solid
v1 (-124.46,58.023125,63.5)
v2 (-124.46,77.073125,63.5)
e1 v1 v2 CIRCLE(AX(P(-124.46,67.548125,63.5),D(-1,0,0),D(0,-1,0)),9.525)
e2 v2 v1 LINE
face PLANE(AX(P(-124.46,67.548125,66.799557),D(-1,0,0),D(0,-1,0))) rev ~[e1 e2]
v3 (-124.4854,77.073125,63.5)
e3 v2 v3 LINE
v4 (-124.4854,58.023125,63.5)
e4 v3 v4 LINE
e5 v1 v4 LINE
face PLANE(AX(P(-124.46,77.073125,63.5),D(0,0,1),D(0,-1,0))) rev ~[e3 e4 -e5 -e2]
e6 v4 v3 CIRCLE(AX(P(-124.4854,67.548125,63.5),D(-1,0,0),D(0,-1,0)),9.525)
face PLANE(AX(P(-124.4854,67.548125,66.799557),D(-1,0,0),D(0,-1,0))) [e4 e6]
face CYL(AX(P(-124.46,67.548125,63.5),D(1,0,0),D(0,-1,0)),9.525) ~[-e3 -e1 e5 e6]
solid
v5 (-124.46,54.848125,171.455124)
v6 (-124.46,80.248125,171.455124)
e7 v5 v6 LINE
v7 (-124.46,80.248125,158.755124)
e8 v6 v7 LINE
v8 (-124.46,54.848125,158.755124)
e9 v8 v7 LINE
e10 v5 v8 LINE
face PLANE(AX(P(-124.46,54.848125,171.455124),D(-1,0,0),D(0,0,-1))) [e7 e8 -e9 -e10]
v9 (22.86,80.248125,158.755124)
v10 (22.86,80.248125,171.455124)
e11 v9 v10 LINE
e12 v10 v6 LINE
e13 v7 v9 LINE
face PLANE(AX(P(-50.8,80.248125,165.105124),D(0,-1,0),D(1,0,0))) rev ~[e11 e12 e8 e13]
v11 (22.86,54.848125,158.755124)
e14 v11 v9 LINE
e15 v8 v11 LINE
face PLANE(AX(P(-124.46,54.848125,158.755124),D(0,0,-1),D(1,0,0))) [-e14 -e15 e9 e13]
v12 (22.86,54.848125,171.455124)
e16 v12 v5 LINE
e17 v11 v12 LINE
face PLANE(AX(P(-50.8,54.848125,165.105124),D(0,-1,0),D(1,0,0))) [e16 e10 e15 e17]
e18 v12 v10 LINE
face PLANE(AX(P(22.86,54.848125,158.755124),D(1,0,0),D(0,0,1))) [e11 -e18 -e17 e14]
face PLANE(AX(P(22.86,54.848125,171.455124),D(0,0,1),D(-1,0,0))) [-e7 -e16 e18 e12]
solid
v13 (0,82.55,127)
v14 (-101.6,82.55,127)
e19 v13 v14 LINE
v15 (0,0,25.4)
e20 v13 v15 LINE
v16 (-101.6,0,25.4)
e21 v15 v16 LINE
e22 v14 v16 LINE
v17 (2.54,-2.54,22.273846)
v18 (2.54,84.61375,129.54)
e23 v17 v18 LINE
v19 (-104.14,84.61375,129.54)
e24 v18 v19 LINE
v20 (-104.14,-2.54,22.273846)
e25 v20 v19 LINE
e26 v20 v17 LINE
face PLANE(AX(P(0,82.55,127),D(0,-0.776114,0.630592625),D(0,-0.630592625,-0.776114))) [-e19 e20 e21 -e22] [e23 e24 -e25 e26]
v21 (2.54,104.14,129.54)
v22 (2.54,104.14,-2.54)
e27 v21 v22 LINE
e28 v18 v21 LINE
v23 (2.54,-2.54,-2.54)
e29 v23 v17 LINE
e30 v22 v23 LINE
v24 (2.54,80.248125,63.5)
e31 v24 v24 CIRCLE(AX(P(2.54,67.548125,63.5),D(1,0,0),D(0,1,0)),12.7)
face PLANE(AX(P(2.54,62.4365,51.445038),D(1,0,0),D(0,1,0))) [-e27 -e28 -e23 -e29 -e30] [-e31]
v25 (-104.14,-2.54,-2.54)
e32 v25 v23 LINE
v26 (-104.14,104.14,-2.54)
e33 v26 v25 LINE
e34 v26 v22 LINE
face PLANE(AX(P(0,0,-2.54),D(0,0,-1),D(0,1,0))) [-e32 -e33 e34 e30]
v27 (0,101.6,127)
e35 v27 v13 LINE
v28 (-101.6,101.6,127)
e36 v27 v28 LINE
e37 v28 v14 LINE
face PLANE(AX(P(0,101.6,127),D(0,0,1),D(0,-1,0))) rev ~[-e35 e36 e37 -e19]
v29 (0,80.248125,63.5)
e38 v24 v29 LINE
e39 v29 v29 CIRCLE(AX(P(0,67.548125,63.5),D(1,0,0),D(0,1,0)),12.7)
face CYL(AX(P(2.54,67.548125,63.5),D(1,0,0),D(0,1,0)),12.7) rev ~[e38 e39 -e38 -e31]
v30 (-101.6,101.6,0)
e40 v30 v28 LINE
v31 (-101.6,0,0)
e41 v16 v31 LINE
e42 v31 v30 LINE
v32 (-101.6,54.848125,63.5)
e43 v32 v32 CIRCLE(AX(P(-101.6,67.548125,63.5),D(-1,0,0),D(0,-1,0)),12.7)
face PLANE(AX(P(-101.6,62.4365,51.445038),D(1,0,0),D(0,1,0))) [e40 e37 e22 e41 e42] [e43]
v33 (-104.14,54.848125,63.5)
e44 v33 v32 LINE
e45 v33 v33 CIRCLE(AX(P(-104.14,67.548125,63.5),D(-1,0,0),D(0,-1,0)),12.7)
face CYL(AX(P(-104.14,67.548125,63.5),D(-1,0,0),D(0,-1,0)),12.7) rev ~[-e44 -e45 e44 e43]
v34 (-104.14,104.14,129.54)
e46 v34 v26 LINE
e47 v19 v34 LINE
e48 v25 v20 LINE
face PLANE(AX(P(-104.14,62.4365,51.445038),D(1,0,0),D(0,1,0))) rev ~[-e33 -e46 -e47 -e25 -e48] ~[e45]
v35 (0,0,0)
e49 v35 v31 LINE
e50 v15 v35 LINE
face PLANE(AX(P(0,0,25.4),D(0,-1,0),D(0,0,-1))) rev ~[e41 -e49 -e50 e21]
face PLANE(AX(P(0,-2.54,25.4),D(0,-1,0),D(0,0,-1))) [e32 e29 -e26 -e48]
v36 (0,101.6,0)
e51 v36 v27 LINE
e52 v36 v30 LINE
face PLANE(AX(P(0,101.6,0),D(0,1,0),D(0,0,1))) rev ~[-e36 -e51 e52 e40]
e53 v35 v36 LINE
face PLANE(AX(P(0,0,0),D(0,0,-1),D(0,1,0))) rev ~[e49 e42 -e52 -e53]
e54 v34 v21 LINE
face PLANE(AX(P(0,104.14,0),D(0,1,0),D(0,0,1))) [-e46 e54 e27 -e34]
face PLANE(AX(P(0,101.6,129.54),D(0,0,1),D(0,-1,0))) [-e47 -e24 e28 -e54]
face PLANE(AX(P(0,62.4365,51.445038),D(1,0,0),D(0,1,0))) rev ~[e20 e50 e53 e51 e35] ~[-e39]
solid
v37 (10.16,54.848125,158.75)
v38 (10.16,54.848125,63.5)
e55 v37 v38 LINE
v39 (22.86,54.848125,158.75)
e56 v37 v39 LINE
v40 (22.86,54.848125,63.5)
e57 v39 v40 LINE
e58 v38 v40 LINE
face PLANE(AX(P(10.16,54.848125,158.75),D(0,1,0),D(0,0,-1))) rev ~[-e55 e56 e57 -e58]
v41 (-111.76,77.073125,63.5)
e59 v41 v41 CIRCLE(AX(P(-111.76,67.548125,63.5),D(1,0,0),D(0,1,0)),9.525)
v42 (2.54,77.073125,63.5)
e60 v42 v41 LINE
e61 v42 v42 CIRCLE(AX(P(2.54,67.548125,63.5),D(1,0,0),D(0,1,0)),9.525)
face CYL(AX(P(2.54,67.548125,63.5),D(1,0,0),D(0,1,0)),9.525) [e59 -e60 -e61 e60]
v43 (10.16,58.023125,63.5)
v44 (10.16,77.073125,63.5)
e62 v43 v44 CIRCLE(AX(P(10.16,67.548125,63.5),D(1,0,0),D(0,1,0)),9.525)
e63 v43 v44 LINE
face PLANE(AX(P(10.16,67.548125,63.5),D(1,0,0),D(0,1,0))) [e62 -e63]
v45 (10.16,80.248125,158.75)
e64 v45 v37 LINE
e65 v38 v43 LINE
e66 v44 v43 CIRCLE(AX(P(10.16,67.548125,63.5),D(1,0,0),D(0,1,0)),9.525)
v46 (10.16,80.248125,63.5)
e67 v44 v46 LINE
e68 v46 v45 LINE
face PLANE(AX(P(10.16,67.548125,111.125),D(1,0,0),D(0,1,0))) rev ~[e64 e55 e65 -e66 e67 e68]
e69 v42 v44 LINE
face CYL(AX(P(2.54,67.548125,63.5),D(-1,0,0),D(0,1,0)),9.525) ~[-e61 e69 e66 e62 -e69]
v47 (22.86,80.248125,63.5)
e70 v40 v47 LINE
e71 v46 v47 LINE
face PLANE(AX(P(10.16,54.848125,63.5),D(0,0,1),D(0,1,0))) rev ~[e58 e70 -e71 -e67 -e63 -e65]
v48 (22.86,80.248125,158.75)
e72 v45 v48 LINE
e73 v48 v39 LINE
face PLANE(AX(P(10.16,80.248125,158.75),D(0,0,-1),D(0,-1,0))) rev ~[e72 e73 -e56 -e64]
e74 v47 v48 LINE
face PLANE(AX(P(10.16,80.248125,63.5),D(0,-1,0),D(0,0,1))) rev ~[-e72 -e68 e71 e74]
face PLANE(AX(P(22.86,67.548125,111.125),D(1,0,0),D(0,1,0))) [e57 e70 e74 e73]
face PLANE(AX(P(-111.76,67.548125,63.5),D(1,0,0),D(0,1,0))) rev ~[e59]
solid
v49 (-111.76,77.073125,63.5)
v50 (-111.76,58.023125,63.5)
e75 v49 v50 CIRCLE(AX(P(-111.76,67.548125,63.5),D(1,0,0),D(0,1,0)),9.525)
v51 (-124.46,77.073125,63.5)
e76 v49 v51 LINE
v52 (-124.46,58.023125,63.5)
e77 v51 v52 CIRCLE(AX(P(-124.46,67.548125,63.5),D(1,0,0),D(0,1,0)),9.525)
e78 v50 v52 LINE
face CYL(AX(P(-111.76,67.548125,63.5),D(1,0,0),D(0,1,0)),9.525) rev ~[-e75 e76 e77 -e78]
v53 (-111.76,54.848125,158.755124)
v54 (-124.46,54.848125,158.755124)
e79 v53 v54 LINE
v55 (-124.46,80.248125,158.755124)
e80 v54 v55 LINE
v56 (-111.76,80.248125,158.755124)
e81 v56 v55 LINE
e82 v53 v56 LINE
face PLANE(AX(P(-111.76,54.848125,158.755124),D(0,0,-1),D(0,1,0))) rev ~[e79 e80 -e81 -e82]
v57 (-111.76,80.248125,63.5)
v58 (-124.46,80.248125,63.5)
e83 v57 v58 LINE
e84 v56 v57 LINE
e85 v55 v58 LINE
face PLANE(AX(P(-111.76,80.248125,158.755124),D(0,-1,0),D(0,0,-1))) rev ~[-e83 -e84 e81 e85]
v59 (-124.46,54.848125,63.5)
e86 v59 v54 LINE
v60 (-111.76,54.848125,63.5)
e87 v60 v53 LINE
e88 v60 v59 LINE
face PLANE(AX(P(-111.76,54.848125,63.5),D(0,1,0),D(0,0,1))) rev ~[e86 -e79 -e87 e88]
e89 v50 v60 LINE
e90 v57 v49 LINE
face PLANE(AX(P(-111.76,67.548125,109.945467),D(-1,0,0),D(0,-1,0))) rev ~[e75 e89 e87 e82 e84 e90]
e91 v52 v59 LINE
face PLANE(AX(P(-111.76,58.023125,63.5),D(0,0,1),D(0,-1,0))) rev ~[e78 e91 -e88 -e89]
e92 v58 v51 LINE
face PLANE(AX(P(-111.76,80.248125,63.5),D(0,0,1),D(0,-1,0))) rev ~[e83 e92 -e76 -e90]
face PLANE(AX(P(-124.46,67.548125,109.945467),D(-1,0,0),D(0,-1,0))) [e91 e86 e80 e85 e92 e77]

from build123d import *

# Parameters (mm, degrees)
F1_DEPTH  = 101.6
F2_T      = 2.54
F3_R      = 12.7
F4_DEPTH  = 101.6
F5_R      = 12.7
F6_DEPTH  = 101.6
F7_R      = 9.525
F8_DEPTH  = 114.3
F9_DEPTH  = 7.62
F11_DEPTH = 12.7
F13_DEPTH = 12.7
F15_DEPTH = 0.0254
F17_DEPTH = 25.4


with BuildPart() as f1:
    # F0 (on Right) → F1 (new body)
    with BuildSketch(Plane.YZ):
        Polygon((0, 25.4), (0, 0), (101.6, 0), (101.6, 127), (82.55, 127), align=None)
    extrude(amount=-F1_DEPTH)

    # F2
    f2_openings = [f1.faces().sort_by_distance(p)[0] for p in [
        (-50.8, 41.275, 76.2),
    ]]
    offset(amount=F2_T, openings=f2_openings, kind=Kind.INTERSECTION)

    # F3 (on face) → F4 (cut)
    with BuildSketch(Plane.YZ.offset(2.54)):
        with Locations((67.548125, 63.5)):
            Circle(F3_R)
    extrude(amount=-F4_DEPTH, mode=Mode.SUBTRACT)

    # F5 (on face) → F6 (cut)
    with BuildSketch(Plane(origin=(-104.14, 0, 0), x_dir=(0, -1, 0), z_dir=(-1, 0, 0))):
        with Locations((-67.548125, 63.5)):
            Circle(F5_R)
    extrude(amount=-F6_DEPTH, mode=Mode.SUBTRACT)


with BuildPart() as f8:
    # F7 (on face) → F8 (new body)
    with BuildSketch(Plane.YZ.offset(2.54)):
        with Locations((67.548125, 63.5)):
            Circle(F7_R)
    extrude(amount=-F8_DEPTH)

    # F9 (add): a face of the model
    f9_faces = [f8.faces().sort_by_distance(p)[0] for p in [
        (2.54, 67.548125, 63.5),
    ]]
    extrude(f9_faces, amount=F9_DEPTH)

    # F10 (on face) → F11 (join)
    with BuildSketch(Plane.YZ.offset(10.16)):
        Polygon((54.848125, 63.5), (67.548125, 63.5), (80.248125, 63.5), (80.248125, 158.75), (54.848125, 158.75), align=None)
    extrude(amount=F11_DEPTH)


with BuildPart() as f13:
    # F12 (on face) → F13 (new body)
    with BuildSketch(Plane(origin=(-111.76, 0, 0), x_dir=(0, -1, 0), z_dir=(-1, 0, 0))):
        with BuildLine():
            Line((-80.248125, 63.5), (-77.073125, 63.5))
            ThreePointArc((-77.073125, 63.5), (-67.548125, 73.025), (-58.023125, 63.5))
            Line((-58.023125, 63.5), (-54.848125, 63.5))
            Line((-54.848125, 63.5), (-54.848125, 158.7551236153))
            Line((-54.848125, 158.7551236153), (-80.248125, 158.7551236153))
            Line((-80.248125, 158.7551236153), (-80.248125, 63.5))
        make_face()
    extrude(amount=F13_DEPTH)


with BuildPart() as f15:
    # F14 (on face) → F15 (new body)
    with BuildSketch(Plane(origin=(-124.46, 0, 0), x_dir=(0, -1, 0), z_dir=(-1, 0, 0))):
        with BuildLine():
            ThreePointArc((-58.023125, 63.5), (-67.548125, 73.025), (-77.073125, 63.5))
            Line((-77.073125, 63.5), (-58.023125, 63.5))
        make_face()
    extrude(amount=F15_DEPTH)


with BuildPart() as f17:
    # F16 (on face) → F17 (new body)
    with BuildSketch(Plane.XZ.offset(-54.848125)):
        Polygon((-124.46, 171.4551236153), (-124.46, 158.7551236153), (-111.76, 158.7551236153), (22.86, 158.7551236153), (22.86, 171.4551236153), align=None)
    extrude(amount=-F17_DEPTH)


solid = Compound([f1.part, f8.part, f13.part, f15.part, f17.part])
